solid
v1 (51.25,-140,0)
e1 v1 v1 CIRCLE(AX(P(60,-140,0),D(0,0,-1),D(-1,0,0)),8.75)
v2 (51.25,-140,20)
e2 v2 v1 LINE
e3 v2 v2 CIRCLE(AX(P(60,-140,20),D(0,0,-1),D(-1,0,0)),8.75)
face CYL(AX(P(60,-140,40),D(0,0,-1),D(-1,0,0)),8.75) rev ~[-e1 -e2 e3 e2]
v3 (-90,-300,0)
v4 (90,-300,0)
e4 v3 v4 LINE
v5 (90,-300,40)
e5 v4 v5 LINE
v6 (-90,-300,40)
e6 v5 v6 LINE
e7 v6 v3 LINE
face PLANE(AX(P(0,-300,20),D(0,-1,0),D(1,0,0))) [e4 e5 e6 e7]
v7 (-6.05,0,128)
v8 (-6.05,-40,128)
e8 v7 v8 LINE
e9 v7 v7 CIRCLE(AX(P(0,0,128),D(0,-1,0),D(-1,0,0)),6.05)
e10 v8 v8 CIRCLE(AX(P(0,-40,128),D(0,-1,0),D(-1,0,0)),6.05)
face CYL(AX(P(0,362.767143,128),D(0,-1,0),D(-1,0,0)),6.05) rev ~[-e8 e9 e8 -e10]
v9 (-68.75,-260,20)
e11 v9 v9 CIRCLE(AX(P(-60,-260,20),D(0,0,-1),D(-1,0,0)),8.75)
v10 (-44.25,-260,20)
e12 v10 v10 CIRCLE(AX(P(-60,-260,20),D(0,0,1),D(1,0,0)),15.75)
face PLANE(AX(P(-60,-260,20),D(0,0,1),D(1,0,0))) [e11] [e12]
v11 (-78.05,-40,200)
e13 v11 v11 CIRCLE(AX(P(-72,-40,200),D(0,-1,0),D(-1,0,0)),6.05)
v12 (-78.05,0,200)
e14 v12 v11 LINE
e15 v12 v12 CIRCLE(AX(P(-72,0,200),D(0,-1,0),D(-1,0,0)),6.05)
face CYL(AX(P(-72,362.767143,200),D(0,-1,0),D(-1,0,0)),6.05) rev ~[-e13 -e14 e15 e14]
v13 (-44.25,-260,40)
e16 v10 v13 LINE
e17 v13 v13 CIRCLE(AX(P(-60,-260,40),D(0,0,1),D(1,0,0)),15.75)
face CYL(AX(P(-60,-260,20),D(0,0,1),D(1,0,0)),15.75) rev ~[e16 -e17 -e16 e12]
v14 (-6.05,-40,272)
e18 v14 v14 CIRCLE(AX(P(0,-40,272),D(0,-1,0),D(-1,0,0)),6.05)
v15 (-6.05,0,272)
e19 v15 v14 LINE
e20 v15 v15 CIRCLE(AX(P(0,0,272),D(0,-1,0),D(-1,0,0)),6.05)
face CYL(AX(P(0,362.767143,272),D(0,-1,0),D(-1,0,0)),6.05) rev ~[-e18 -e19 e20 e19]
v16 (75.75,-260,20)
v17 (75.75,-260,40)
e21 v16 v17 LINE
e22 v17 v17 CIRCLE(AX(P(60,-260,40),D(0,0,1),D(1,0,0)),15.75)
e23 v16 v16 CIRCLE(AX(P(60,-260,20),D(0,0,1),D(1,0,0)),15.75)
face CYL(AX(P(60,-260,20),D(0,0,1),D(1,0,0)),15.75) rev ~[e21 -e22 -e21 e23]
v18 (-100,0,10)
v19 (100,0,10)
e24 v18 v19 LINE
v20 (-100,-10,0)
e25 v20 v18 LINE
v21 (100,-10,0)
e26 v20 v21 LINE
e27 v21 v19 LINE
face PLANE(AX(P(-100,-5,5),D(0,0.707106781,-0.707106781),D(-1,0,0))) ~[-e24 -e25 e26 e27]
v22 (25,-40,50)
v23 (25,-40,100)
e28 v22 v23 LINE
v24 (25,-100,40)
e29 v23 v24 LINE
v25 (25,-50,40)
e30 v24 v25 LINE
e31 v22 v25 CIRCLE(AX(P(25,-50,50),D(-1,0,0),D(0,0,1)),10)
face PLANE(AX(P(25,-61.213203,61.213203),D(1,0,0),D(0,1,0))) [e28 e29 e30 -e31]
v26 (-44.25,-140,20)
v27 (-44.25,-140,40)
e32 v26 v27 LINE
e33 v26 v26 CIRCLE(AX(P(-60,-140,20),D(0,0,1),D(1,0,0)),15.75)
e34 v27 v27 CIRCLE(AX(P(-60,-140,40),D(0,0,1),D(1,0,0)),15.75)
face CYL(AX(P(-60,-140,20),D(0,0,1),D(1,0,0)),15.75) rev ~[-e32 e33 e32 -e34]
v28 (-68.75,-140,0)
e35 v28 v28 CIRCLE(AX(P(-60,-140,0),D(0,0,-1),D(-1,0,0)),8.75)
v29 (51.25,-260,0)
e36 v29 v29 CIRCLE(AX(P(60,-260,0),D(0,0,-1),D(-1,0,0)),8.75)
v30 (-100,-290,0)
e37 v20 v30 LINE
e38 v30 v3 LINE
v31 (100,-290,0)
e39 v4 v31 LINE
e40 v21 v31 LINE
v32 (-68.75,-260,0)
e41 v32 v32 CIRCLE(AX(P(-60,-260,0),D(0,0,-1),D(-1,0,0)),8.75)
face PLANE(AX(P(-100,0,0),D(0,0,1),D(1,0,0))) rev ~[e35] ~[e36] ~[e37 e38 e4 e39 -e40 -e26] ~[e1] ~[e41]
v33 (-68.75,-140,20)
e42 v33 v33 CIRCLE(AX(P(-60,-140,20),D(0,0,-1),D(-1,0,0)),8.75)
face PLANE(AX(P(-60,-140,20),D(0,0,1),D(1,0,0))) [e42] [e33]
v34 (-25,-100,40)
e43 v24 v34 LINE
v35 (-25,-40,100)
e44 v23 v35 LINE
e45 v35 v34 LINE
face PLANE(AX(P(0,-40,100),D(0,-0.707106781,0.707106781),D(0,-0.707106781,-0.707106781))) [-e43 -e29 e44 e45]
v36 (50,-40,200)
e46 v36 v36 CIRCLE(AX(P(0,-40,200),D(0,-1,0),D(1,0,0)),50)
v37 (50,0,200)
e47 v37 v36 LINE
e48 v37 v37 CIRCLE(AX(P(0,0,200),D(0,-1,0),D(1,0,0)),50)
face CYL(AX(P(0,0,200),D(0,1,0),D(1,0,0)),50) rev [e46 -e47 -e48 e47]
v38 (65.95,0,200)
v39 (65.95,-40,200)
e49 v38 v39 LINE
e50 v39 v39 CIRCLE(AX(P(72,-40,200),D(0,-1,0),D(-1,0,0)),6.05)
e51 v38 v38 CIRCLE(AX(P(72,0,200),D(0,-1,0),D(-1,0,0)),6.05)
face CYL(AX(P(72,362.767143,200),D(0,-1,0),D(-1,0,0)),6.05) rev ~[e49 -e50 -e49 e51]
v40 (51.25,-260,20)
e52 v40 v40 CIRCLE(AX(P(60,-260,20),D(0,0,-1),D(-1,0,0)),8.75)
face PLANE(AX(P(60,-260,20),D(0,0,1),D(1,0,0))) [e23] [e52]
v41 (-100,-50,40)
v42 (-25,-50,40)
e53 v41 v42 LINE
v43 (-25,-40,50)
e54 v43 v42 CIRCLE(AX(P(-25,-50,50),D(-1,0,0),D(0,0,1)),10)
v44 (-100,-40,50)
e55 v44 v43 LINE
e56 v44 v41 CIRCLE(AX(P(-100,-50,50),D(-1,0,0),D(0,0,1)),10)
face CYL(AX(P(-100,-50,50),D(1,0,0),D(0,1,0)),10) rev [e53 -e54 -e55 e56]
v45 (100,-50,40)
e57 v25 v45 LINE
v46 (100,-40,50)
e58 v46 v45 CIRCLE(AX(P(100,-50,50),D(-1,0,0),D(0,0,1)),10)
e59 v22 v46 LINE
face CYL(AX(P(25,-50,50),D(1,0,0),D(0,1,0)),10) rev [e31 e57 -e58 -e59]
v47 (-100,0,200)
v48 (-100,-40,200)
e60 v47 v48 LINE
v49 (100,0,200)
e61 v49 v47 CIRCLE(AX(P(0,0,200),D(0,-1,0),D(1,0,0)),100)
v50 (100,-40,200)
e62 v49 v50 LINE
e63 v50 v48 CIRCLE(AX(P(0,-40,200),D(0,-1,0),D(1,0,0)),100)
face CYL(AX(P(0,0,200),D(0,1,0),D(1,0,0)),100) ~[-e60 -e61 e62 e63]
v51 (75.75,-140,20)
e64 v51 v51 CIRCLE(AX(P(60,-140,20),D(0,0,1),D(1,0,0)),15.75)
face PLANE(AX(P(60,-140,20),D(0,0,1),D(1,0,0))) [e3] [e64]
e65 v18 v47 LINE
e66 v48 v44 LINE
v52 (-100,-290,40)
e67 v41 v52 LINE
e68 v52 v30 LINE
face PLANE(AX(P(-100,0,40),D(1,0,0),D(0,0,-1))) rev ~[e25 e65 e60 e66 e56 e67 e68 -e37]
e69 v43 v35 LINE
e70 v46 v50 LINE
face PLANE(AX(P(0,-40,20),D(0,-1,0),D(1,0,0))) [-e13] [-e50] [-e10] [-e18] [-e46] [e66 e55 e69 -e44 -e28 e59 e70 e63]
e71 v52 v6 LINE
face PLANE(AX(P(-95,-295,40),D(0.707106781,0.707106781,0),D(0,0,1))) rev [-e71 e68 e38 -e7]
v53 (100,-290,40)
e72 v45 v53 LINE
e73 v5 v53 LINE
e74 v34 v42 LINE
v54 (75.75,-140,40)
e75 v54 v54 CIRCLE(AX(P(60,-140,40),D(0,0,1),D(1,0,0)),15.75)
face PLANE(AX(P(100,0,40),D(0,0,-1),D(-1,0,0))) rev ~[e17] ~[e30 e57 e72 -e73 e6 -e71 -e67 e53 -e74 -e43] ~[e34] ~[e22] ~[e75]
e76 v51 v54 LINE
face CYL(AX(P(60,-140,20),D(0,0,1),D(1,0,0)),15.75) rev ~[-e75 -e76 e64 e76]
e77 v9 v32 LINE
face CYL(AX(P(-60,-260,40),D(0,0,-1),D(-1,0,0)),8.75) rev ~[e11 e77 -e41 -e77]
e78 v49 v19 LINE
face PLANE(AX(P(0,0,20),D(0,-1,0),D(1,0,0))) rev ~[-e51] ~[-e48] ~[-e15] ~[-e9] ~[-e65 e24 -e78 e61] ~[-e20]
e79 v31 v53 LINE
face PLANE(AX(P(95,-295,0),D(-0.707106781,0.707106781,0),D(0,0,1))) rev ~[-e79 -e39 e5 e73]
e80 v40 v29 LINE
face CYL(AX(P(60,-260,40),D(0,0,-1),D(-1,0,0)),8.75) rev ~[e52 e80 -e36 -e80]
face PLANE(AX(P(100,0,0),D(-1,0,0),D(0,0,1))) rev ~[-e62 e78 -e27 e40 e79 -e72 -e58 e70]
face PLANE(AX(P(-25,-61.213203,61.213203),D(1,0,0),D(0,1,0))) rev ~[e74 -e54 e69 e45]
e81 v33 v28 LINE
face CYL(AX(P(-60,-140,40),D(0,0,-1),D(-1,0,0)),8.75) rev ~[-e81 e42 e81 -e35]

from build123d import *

# Parameters (mm, degrees)
F0_R            = 50
F1_DEPTH        = 40
F2_D            = 12.1
F3_SIZE         = 5
F4_DEPTH        = 300
F6_DEPTH        = 25
F7_SIZE         = 10
F8_R            = 10
F10_D           = 17.5
F10_CBORE_D     = 31.5
F10_CBORE_DEPTH = 20


with BuildPart() as f1:
    # F0 (on Front) → F1 (new body)
    with BuildSketch(Plane.XZ):
        Polygon((-100, 0), (0, 0), (100, 0), (100, 40), (-100, 40), align=None)
        with BuildLine():
            Line((-100, 40), (100, 40))
            Line((100, 40), (100, 200))
            ThreePointArc((100, 200), (0, 100), (-100, 200))
            Line((-100, 200), (-100, 40))
        make_face()
        with BuildLine():
            ThreePointArc((-100, 200), (0, 100), (100, 200))
            ThreePointArc((100, 200), (0, 300), (-100, 200))
        make_face()
        with Locations((0, 200)):
            Circle(F0_R, mode=Mode.SUBTRACT)
    extrude(amount=F1_DEPTH)

    # F2 (through all)
    with Locations(Plane(origin=(0, 0, 0), x_dir=(1, 0, 0), z_dir=(0, 1, 0))):
        with Locations((72, -200), (0, -128), (-72, -200), (0, -272)):
            Hole(F2_D / 2)

    # F3
    f3_edges = [f1.edges().sort_by_distance(p)[0] for p in [
        (-100, -20, 0),
        (100, -20, 0),
    ]]
    chamfer(f3_edges, length=F3_SIZE)

    # F0 (on Front) → F4 (join)
    with BuildSketch(Plane.XZ):
        Polygon((-100, 0), (0, 0), (100, 0), (100, 40), (-100, 40), align=None)
    extrude(amount=F4_DEPTH)

    # F5 (on Right) → F6 (join, symmetric)
    with BuildSketch(Plane.YZ):
        Polygon((-100, 40), (-40, 40), (-40, 100), align=None)
    extrude(amount=F6_DEPTH, both=True)

    # F7
    f7_edges = [f1.edges().sort_by_distance(p)[0] for p in [
        (-100, -300, 20),
        (100, -300, 20),
        (0, 0, 0),
    ]]
    chamfer(f7_edges, length=F7_SIZE)

    # F8
    f8_edges = [f1.edges().sort_by_distance(p)[0] for p in [
        (-62.5, -40, 40),
        (62.5, -40, 40),
    ]]
    fillet(f8_edges, radius=F8_R)

    # F10 (through all)
    with Locations(Plane.XY.offset(40)):
        with Locations((60, -140), (60, -260), (-60, -260), (-60, -140)):
            CounterBoreHole(F10_D / 2, F10_CBORE_D / 2, F10_CBORE_DEPTH)


solid = f1.part
